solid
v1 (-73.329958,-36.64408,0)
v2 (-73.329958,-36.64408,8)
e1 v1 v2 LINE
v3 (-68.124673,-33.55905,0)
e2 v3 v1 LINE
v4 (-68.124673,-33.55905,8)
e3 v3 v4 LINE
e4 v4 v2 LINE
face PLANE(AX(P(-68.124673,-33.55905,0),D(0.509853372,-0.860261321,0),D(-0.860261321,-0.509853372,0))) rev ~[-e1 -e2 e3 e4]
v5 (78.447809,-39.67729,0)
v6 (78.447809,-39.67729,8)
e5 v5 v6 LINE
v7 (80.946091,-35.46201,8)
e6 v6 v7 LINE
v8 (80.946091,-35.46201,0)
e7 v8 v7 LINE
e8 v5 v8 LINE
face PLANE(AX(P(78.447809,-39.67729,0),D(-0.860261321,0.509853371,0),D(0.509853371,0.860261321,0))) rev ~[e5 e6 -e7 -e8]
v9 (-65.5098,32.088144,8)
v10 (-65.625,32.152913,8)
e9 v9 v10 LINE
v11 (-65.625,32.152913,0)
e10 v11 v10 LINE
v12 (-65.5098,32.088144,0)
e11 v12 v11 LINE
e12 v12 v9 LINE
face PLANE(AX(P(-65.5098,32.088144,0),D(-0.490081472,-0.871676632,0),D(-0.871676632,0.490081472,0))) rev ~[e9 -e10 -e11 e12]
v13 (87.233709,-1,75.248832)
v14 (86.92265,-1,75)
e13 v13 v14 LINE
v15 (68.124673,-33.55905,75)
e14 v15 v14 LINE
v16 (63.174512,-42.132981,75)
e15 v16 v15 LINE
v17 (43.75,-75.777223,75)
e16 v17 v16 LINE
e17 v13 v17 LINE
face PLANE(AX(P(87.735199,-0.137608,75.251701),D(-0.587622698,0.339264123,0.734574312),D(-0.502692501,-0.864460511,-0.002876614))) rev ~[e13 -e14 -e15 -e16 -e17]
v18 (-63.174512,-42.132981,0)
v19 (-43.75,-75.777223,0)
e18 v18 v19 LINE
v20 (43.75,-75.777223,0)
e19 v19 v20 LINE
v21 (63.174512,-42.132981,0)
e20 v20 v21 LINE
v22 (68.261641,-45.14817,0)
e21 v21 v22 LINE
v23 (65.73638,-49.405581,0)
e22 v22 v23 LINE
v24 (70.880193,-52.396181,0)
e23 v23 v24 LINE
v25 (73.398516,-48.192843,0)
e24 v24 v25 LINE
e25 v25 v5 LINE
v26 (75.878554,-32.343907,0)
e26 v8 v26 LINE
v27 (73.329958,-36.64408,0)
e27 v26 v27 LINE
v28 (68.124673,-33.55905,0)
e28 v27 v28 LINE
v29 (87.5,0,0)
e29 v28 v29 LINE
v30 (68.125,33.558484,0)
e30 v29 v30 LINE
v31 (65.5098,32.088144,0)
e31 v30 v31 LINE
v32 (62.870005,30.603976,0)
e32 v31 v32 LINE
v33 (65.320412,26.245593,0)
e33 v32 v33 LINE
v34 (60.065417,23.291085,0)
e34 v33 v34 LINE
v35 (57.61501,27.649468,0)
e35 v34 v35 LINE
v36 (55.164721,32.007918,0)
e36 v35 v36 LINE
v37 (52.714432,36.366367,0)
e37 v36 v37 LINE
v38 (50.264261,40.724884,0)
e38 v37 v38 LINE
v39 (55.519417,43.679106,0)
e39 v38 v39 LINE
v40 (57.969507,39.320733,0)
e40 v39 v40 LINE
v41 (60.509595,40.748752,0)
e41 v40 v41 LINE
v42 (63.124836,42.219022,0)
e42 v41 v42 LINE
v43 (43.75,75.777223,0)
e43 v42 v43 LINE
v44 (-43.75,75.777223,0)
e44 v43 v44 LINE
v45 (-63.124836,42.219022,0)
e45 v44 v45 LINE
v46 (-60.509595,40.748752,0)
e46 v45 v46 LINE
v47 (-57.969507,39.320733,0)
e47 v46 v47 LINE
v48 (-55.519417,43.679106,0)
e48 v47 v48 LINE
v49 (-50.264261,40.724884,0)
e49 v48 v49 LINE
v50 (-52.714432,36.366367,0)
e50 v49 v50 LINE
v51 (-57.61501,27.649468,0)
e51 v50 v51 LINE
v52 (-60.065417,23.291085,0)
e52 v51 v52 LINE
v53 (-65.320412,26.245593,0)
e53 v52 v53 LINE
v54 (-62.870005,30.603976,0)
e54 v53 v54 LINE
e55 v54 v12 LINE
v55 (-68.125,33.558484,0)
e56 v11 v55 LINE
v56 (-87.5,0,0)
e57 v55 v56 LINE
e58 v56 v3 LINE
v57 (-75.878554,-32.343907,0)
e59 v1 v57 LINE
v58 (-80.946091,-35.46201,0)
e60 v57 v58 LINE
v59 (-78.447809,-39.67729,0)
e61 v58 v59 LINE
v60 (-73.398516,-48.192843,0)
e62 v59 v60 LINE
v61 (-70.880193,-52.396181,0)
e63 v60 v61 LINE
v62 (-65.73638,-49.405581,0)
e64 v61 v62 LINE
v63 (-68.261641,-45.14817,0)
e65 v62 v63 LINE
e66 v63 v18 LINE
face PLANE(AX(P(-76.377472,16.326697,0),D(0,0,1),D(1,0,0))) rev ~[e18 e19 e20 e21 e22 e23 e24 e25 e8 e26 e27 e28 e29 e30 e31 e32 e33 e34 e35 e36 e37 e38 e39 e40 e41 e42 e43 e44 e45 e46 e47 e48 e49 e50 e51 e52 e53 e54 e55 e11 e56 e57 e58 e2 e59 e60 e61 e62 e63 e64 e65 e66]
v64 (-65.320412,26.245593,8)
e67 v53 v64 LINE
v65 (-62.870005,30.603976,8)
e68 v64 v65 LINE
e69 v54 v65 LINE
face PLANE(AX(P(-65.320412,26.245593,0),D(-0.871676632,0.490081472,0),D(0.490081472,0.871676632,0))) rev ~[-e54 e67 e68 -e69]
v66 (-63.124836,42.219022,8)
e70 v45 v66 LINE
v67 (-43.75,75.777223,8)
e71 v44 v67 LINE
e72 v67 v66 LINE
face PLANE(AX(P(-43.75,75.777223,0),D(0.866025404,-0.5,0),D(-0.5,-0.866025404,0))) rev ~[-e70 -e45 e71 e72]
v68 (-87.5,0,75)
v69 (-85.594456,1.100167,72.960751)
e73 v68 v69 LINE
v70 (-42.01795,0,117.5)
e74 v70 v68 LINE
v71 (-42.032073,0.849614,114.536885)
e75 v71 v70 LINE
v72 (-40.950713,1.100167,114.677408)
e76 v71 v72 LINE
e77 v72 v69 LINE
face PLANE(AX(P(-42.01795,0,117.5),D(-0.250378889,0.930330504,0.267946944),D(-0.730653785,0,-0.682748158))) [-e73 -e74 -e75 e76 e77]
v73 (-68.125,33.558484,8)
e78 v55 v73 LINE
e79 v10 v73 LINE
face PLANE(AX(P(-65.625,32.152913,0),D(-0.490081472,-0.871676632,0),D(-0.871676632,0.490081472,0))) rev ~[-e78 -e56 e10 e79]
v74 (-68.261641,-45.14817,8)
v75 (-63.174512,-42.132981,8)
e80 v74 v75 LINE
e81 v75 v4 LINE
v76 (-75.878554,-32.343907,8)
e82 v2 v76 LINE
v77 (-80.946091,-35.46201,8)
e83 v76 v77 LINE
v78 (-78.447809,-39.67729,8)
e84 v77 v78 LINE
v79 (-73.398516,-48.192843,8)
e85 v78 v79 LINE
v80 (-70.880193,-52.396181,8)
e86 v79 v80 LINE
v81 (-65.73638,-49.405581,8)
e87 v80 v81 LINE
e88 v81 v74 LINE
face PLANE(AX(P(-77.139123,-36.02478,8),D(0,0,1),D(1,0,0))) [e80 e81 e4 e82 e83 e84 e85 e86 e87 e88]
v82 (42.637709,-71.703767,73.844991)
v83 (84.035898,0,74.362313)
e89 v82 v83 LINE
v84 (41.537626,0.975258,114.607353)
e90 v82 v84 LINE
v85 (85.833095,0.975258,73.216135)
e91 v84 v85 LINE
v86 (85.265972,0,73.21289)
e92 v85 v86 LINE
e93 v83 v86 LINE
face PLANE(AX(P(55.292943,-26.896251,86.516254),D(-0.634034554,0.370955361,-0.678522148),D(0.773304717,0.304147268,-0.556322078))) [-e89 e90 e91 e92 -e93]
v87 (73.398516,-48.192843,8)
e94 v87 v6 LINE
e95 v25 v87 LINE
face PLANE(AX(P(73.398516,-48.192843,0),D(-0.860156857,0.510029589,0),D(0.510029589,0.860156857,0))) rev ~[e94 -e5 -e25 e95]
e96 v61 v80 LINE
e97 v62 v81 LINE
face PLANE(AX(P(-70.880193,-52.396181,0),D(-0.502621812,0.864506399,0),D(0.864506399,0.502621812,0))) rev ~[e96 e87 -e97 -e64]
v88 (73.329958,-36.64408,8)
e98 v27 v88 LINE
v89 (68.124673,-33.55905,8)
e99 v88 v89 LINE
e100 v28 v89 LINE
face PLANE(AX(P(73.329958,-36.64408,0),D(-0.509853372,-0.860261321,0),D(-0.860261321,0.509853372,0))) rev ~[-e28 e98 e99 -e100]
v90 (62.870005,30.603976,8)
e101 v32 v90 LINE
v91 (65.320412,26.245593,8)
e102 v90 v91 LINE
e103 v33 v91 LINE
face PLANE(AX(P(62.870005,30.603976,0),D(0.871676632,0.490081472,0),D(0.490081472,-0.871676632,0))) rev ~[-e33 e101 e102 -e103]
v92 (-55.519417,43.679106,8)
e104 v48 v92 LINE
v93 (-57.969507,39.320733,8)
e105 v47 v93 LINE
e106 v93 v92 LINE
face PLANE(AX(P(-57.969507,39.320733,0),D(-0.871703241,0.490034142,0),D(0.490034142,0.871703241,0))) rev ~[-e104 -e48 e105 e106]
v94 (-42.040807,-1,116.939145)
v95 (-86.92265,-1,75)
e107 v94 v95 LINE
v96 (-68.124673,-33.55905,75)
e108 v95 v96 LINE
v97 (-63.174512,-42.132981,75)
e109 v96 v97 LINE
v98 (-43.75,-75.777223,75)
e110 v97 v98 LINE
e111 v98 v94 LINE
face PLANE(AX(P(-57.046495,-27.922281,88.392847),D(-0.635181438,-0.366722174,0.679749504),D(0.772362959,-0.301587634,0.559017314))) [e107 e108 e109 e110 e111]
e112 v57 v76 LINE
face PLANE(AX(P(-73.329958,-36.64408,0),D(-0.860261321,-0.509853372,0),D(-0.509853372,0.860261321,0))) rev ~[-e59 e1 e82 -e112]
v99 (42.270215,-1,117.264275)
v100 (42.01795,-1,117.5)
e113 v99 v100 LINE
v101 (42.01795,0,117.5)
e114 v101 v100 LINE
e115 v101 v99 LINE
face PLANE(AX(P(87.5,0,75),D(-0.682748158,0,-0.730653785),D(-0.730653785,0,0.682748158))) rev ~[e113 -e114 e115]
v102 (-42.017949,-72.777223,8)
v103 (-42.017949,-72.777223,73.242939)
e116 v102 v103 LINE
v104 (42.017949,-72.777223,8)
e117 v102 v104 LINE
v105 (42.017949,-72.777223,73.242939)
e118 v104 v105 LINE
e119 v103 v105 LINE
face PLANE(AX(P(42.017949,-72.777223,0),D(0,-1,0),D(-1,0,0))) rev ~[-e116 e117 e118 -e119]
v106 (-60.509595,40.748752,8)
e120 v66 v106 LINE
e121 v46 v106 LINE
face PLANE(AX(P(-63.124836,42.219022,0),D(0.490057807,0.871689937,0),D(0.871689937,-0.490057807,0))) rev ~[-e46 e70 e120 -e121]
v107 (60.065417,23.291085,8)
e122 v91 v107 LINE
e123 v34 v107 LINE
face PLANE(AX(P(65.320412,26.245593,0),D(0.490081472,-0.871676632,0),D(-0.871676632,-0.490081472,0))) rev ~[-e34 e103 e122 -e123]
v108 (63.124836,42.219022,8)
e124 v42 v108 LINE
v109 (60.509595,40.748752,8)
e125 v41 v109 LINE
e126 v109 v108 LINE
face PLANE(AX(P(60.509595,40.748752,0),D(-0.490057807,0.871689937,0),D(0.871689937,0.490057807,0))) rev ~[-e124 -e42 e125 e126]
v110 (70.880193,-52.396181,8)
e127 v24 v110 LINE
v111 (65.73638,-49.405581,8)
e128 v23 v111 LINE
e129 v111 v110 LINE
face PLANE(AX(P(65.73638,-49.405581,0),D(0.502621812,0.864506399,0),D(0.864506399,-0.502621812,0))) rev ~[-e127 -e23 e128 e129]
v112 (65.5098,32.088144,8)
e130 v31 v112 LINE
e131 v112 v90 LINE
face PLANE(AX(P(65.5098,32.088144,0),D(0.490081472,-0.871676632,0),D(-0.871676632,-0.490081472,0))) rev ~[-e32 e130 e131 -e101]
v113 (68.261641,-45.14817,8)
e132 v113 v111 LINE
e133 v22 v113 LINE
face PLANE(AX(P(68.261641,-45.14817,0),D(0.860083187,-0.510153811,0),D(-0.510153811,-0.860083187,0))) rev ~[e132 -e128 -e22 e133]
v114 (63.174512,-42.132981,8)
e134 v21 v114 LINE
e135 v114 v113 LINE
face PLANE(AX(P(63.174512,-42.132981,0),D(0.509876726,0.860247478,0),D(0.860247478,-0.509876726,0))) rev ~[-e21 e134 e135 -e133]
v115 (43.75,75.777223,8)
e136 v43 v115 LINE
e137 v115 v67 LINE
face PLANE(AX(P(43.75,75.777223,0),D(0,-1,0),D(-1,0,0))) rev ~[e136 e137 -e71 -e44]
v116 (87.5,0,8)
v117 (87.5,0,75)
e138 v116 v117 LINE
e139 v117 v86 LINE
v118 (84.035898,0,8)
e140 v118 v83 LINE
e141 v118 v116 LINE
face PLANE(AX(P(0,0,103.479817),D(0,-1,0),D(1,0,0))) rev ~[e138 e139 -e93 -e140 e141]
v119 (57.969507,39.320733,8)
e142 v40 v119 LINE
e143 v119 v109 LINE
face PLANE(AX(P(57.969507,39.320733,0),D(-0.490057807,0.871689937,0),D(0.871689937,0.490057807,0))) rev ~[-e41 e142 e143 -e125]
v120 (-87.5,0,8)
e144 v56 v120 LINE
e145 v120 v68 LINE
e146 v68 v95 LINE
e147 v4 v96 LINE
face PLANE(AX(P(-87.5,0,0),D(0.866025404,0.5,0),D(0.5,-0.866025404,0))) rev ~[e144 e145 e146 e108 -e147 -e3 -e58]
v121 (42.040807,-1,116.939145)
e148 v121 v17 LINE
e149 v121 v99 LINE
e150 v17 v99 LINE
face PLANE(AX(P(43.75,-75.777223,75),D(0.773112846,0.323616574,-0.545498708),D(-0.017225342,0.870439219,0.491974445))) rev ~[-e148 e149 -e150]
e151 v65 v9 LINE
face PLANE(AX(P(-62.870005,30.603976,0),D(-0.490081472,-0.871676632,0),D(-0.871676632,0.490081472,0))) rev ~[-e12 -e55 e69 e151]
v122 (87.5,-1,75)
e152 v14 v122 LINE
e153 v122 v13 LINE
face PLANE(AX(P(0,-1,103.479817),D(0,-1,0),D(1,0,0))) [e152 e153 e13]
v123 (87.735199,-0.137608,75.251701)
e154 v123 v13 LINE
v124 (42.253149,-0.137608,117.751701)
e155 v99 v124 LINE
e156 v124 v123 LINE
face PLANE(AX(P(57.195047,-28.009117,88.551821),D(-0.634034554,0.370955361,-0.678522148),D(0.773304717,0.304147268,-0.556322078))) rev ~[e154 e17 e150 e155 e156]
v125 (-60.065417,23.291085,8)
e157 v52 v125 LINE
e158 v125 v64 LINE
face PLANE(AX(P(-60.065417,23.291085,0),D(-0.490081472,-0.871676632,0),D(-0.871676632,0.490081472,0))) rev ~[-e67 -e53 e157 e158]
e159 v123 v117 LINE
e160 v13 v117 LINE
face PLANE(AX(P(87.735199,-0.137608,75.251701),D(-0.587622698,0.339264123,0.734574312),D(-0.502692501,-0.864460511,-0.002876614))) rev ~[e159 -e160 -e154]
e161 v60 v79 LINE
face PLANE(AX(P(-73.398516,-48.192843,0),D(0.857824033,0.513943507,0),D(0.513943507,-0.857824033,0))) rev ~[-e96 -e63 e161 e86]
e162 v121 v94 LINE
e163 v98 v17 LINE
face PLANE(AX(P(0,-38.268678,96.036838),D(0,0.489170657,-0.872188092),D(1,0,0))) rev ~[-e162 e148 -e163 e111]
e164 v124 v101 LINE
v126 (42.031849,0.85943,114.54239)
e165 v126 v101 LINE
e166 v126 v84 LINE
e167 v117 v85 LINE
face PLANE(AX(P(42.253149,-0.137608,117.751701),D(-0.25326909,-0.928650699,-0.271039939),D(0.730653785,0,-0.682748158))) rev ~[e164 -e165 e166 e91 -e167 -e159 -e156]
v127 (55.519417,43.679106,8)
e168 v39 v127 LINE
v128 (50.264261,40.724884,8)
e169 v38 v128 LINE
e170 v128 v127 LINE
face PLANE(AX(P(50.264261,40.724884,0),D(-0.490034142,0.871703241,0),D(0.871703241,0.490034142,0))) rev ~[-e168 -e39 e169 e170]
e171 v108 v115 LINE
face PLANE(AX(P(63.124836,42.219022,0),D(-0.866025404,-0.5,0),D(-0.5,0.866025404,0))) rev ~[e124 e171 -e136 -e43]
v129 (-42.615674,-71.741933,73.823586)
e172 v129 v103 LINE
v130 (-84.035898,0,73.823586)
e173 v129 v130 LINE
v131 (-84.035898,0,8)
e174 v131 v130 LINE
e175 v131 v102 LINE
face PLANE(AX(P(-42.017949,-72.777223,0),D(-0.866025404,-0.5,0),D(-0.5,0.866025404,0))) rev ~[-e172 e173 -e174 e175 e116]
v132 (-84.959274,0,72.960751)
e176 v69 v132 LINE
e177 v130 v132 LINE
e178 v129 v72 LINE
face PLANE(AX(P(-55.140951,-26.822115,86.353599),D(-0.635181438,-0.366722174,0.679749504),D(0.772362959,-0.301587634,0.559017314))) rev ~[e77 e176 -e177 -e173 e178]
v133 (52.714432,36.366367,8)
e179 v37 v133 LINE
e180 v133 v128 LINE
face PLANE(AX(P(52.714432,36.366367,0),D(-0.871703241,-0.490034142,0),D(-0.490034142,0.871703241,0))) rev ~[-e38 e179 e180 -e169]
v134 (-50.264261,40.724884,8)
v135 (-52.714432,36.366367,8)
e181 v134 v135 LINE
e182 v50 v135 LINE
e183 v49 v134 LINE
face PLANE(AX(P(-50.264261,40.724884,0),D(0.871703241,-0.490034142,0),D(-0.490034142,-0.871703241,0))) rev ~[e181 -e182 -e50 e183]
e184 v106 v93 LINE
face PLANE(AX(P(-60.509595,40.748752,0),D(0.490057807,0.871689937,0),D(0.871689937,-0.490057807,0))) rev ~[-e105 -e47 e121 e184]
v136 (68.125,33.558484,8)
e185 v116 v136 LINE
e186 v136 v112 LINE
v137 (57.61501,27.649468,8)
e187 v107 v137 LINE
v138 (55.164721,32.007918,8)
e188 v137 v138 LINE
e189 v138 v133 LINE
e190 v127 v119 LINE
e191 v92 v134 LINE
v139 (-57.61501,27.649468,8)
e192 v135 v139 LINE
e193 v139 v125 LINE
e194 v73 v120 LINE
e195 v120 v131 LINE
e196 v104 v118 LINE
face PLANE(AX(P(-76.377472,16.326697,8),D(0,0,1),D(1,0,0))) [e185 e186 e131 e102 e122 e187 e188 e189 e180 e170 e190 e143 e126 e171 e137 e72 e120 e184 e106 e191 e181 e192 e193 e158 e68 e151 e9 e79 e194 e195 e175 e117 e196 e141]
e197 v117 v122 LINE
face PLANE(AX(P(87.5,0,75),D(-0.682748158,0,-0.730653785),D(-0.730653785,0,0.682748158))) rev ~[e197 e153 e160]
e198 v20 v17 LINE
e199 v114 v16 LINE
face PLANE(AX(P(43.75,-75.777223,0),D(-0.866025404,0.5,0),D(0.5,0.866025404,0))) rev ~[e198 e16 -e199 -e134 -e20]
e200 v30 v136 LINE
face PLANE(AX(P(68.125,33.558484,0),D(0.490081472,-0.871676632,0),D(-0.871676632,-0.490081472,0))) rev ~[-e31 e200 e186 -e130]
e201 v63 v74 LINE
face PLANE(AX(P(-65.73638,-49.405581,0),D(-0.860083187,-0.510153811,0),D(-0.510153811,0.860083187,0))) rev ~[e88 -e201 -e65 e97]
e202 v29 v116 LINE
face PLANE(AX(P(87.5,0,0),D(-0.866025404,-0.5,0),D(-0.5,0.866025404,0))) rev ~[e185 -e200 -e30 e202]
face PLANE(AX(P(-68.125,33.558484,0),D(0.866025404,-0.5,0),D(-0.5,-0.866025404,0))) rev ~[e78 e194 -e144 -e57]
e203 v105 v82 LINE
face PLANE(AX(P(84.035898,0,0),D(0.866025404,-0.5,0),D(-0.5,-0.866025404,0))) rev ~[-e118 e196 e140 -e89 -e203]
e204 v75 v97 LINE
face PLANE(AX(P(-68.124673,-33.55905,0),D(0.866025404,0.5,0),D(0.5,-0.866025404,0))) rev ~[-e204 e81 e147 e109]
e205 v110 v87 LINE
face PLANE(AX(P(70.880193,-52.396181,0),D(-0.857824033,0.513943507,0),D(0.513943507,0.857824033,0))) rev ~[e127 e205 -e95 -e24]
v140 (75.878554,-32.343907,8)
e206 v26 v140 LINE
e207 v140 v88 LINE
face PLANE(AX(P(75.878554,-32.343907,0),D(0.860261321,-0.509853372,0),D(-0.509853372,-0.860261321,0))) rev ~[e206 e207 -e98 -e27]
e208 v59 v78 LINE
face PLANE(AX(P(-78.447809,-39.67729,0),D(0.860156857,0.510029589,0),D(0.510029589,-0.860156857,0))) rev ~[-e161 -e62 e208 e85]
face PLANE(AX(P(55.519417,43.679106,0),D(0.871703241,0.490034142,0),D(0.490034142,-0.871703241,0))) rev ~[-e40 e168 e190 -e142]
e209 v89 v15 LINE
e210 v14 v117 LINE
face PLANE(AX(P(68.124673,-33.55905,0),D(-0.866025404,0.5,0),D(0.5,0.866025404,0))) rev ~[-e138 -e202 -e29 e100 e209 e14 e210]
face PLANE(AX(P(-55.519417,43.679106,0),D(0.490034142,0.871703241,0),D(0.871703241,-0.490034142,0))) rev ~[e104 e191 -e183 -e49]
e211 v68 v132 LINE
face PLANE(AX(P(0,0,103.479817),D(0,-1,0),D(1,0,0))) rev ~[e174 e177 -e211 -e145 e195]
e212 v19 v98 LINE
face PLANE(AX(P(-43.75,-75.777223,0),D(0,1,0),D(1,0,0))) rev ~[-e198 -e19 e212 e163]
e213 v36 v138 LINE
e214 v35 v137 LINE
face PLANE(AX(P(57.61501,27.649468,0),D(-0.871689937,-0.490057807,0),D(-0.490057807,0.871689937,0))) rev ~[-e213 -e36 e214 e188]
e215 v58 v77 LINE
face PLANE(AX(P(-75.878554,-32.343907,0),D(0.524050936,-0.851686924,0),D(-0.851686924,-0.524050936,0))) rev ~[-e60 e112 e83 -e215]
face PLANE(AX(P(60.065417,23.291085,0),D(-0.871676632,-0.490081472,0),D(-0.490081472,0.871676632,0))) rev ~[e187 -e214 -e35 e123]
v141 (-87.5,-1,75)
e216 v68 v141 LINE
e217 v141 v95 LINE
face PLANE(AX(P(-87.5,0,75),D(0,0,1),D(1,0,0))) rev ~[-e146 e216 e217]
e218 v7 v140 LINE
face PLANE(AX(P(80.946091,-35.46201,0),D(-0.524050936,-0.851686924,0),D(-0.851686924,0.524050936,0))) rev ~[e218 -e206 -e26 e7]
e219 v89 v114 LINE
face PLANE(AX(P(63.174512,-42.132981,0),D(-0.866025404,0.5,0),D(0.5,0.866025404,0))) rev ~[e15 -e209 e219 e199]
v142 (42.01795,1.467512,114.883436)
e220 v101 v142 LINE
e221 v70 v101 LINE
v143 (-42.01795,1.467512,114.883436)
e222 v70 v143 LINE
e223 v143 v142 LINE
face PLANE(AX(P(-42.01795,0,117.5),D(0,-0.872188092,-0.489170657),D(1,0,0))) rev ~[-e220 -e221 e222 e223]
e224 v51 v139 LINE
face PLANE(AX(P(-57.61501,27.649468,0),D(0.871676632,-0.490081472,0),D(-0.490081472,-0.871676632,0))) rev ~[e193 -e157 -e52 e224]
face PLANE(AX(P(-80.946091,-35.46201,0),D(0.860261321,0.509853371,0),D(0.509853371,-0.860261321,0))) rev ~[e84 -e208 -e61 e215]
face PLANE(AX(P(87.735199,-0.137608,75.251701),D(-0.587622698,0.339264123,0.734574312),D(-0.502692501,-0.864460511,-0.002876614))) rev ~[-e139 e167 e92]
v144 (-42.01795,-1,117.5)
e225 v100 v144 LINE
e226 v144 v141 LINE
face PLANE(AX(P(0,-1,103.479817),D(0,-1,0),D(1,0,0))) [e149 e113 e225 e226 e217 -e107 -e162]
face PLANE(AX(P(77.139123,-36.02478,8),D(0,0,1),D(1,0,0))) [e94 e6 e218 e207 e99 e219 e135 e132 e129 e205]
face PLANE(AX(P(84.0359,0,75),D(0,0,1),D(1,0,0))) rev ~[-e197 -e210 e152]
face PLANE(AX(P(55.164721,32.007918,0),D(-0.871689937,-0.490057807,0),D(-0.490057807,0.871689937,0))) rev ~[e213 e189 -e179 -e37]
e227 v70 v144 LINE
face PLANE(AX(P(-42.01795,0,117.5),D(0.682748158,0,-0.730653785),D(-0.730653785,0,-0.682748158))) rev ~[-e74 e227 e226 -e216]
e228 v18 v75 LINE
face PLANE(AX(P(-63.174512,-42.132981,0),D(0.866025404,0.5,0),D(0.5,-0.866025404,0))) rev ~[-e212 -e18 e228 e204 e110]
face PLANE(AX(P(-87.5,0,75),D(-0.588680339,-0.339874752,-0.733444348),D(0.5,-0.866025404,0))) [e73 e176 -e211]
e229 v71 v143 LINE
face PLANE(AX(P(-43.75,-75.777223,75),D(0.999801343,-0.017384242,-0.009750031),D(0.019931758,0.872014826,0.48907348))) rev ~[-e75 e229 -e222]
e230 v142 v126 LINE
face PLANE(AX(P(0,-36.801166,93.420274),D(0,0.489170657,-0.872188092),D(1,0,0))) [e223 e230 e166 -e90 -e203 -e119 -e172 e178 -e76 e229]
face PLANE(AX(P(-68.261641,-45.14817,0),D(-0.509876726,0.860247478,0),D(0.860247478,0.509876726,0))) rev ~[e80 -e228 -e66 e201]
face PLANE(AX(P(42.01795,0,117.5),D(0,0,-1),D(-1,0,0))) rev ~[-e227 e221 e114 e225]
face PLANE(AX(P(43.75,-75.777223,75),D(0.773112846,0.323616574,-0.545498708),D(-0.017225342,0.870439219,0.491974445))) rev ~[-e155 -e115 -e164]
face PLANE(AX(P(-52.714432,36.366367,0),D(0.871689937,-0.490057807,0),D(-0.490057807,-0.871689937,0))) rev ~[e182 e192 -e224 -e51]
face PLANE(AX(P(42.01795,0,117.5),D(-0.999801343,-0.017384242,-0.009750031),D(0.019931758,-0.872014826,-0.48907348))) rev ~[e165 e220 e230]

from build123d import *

# Parameters (mm, degrees)
F0_W      = 50
F0_H      = 12.5
F1_DEPTH  = 8
F2_DEPTH  = 75
F4_DEPTH  = 8
F7_DEPTH  = 3
F8_DEPTH  = 1
F11_DEPTH = 3
F14_DEPTH = 3
F15_DEPTH = 8
F16_DEPTH = 8
F17_DEPTH = 8


with BuildPart() as f1:
    # F0 (on Top) → F1 (new body)
    with BuildSketch(Plane.XY):
        Polygon((-42.0179491924, 72.7772228311), (-60.5095952989, 40.7487522591), (-57.9695070384, 39.3207329262), (-55.5194165334, 43.6791064608), (-50.2642610162, 40.7248836223), (-52.7144317239, 36.366367418), (-57.615009792, 27.6494680496), (-60.0654171506, 23.2910848888), (-65.3204122546, 26.2455930623), (-62.870004896, 30.6039762231), (-65.5097997054, 32.0881441788), (-84.0358983849, 0), (-42.0179491924, -72.7772228311), (42.0179491924, -72.7772228311), (84.0358983849, 0), (65.5097997054, 32.0881441788), (62.870004896, 30.6039762231), (65.3204122546, 26.2455930623), (60.0654171506, 23.2910848888), (57.615009792, 27.6494680496), (55.164720758, 32.0079177338), (52.7144317239, 36.366367418), (50.2642610162, 40.7248836223), (55.5194165334, 43.6791064608), (57.9695070384, 39.3207329262), (60.5095952989, 40.7487522591), (42.0179491924, 72.7772228311), align=None)
        with Locations((0, 54.5829171234)):
            Rectangle(F0_W, F0_H, mode=Mode.SUBTRACT)
    extrude(amount=F1_DEPTH)

    # F0 (on Top) → F2 (join)
    with BuildSketch(Plane.XY):
        Polygon((68.1246734519, -33.5590499945), (87.5, 0), (84.0358983849, 0), (42.0179491924, -72.7772228311), (-42.0179491924, -72.7772228311), (-84.0358983849, 0), (-87.5, 0), (-68.1246734519, -33.5590499945), (-63.1745123486, -42.1329805311), (-43.75, -75.7772228311), (43.75, -75.7772228311), (63.1745123486, -42.1329805311), align=None)
    extrude(amount=F2_DEPTH)

    # F0 (on Top) → F4 (join)
    with BuildSketch(Plane.XY):
        Polygon((43.75, 75.7772228311), (-43.75, 75.7772228311), (-63.1248363216, 42.2190219338), (-60.5095952989, 40.7487522591), (-42.0179491924, 72.7772228311), (42.0179491924, 72.7772228311), (60.5095952989, 40.7487522591), (63.1248363216, 42.2190219338), align=None)
    extrude(amount=F4_DEPTH)

    # F6 (on face) → F7 (join)
    with BuildSketch(Plane(origin=(0, -50.1312366318, 89.3836679776), x_dir=(1, 0, 0), z_dir=(0, 0.4891706574, -0.872188092))):
        Polygon((43.75, 29.4041920927), (0, 29.4041920927), (-43.75, 29.4041920927), (-42.01795, -57.4775522498), (42.01795, -57.4775522498), align=None)
    extrude(amount=F7_DEPTH)

    # F3 (on Front) → F8 (join)
    with BuildSketch(Plane.XZ):
        Polygon((-42.01795, 114.5), (0, 114.5), (42.01795, 114.5), (84.0359, 75), (87.5, 75), (42.01795, 117.5), (0, 117.5), (-42.01795, 117.5), (-87.5, 75), (-84.0359, 75), align=None)
    extrude(amount=F8_DEPTH)

    # F10 (on face) → F11 (join)
    with BuildSketch(Plane(origin=(-67.6846727043, -39.0777640058, 72.4338274863), x_dir=(0.7723629594, -0.3015876344, 0.5590173143), z_dir=(-0.6351814378, -0.3667221741, 0.6797495039))):
        Polygon((33.2314262259, 55.789645187), (-25.6554603702, 35.6104118215), (30.9888924807, -31.0804218073), align=None)
    extrude(amount=-F11_DEPTH)

    # F13 (on face) → F14 (join)
    with BuildSketch(Plane(origin=(67.6756688636, -39.5950852503, 72.4241918832), x_dir=(0.7733047167, 0.3041472681, -0.556322078), z_dir=(-0.6340345536, 0.3709553614, -0.6785221475))):
        Polygon((-30.939509805, 30.5117392321), (-32.8751652468, -56.3649154418), (25.9400068576, -35.9776056011), align=None)
    extrude(amount=F14_DEPTH)

    # F0 (on Top) → F15 (join)
    with BuildSketch(Plane.XY):
        with Locations((0, 54.5829171234)):
            Rectangle(F0_W, F0_H)
    extrude(amount=F15_DEPTH)

    # F0 (on Top) → F16 (join)
    with BuildSketch(Plane.XY):
        Polygon((-78.4478092981, -39.6772904524), (-73.3299584755, -36.6440801541), (-75.878553621, -32.3439069124), (-80.9460908184, -35.4620099819), align=None)
        Polygon((-63.1745123486, -42.1329805311), (-68.1246734519, -33.5590499945), (-73.3299584755, -36.6440801541), (-78.4478092981, -39.6772904524), (-73.3985163623, -48.1928433322), (-68.2616414678, -45.1481695385), align=None)
        Polygon((-65.7363801019, -49.4055813149), (-68.2616414678, -45.1481695385), (-73.3985163623, -48.1928433322), (-70.880193178, -52.396181094), align=None)
        Polygon((75.878553621, -32.3439069124), (73.3299584755, -36.6440801541), (78.4478092981, -39.6772904524), (80.9460908184, -35.4620099819), align=None)
        Polygon((73.3299584755, -36.6440801541), (68.1246734519, -33.5590499945), (63.1745123486, -42.1329805311), (68.2616414678, -45.1481695385), (73.3985163623, -48.1928433322), (78.4478092981, -39.6772904524), align=None)
        Polygon((73.3985163623, -48.1928433322), (68.2616414678, -45.1481695385), (65.7363801019, -49.4055813149), (70.880193178, -52.396181094), align=None)
    extrude(amount=F16_DEPTH)

    # F0 (on Top) → F17 (join)
    with BuildSketch(Plane.XY):
        Polygon((-65.625, 32.1529130712), (-68.125, 33.5584843966), (-87.5, 0), (-84.0358983849, 0), (-65.5097997054, 32.0881441788), align=None)
        Polygon((87.5, 0), (68.125, 33.5584843966), (65.5097997054, 32.0881441788), (84.0358983849, 0), align=None)
    extrude(amount=F17_DEPTH)


solid = f1.part
